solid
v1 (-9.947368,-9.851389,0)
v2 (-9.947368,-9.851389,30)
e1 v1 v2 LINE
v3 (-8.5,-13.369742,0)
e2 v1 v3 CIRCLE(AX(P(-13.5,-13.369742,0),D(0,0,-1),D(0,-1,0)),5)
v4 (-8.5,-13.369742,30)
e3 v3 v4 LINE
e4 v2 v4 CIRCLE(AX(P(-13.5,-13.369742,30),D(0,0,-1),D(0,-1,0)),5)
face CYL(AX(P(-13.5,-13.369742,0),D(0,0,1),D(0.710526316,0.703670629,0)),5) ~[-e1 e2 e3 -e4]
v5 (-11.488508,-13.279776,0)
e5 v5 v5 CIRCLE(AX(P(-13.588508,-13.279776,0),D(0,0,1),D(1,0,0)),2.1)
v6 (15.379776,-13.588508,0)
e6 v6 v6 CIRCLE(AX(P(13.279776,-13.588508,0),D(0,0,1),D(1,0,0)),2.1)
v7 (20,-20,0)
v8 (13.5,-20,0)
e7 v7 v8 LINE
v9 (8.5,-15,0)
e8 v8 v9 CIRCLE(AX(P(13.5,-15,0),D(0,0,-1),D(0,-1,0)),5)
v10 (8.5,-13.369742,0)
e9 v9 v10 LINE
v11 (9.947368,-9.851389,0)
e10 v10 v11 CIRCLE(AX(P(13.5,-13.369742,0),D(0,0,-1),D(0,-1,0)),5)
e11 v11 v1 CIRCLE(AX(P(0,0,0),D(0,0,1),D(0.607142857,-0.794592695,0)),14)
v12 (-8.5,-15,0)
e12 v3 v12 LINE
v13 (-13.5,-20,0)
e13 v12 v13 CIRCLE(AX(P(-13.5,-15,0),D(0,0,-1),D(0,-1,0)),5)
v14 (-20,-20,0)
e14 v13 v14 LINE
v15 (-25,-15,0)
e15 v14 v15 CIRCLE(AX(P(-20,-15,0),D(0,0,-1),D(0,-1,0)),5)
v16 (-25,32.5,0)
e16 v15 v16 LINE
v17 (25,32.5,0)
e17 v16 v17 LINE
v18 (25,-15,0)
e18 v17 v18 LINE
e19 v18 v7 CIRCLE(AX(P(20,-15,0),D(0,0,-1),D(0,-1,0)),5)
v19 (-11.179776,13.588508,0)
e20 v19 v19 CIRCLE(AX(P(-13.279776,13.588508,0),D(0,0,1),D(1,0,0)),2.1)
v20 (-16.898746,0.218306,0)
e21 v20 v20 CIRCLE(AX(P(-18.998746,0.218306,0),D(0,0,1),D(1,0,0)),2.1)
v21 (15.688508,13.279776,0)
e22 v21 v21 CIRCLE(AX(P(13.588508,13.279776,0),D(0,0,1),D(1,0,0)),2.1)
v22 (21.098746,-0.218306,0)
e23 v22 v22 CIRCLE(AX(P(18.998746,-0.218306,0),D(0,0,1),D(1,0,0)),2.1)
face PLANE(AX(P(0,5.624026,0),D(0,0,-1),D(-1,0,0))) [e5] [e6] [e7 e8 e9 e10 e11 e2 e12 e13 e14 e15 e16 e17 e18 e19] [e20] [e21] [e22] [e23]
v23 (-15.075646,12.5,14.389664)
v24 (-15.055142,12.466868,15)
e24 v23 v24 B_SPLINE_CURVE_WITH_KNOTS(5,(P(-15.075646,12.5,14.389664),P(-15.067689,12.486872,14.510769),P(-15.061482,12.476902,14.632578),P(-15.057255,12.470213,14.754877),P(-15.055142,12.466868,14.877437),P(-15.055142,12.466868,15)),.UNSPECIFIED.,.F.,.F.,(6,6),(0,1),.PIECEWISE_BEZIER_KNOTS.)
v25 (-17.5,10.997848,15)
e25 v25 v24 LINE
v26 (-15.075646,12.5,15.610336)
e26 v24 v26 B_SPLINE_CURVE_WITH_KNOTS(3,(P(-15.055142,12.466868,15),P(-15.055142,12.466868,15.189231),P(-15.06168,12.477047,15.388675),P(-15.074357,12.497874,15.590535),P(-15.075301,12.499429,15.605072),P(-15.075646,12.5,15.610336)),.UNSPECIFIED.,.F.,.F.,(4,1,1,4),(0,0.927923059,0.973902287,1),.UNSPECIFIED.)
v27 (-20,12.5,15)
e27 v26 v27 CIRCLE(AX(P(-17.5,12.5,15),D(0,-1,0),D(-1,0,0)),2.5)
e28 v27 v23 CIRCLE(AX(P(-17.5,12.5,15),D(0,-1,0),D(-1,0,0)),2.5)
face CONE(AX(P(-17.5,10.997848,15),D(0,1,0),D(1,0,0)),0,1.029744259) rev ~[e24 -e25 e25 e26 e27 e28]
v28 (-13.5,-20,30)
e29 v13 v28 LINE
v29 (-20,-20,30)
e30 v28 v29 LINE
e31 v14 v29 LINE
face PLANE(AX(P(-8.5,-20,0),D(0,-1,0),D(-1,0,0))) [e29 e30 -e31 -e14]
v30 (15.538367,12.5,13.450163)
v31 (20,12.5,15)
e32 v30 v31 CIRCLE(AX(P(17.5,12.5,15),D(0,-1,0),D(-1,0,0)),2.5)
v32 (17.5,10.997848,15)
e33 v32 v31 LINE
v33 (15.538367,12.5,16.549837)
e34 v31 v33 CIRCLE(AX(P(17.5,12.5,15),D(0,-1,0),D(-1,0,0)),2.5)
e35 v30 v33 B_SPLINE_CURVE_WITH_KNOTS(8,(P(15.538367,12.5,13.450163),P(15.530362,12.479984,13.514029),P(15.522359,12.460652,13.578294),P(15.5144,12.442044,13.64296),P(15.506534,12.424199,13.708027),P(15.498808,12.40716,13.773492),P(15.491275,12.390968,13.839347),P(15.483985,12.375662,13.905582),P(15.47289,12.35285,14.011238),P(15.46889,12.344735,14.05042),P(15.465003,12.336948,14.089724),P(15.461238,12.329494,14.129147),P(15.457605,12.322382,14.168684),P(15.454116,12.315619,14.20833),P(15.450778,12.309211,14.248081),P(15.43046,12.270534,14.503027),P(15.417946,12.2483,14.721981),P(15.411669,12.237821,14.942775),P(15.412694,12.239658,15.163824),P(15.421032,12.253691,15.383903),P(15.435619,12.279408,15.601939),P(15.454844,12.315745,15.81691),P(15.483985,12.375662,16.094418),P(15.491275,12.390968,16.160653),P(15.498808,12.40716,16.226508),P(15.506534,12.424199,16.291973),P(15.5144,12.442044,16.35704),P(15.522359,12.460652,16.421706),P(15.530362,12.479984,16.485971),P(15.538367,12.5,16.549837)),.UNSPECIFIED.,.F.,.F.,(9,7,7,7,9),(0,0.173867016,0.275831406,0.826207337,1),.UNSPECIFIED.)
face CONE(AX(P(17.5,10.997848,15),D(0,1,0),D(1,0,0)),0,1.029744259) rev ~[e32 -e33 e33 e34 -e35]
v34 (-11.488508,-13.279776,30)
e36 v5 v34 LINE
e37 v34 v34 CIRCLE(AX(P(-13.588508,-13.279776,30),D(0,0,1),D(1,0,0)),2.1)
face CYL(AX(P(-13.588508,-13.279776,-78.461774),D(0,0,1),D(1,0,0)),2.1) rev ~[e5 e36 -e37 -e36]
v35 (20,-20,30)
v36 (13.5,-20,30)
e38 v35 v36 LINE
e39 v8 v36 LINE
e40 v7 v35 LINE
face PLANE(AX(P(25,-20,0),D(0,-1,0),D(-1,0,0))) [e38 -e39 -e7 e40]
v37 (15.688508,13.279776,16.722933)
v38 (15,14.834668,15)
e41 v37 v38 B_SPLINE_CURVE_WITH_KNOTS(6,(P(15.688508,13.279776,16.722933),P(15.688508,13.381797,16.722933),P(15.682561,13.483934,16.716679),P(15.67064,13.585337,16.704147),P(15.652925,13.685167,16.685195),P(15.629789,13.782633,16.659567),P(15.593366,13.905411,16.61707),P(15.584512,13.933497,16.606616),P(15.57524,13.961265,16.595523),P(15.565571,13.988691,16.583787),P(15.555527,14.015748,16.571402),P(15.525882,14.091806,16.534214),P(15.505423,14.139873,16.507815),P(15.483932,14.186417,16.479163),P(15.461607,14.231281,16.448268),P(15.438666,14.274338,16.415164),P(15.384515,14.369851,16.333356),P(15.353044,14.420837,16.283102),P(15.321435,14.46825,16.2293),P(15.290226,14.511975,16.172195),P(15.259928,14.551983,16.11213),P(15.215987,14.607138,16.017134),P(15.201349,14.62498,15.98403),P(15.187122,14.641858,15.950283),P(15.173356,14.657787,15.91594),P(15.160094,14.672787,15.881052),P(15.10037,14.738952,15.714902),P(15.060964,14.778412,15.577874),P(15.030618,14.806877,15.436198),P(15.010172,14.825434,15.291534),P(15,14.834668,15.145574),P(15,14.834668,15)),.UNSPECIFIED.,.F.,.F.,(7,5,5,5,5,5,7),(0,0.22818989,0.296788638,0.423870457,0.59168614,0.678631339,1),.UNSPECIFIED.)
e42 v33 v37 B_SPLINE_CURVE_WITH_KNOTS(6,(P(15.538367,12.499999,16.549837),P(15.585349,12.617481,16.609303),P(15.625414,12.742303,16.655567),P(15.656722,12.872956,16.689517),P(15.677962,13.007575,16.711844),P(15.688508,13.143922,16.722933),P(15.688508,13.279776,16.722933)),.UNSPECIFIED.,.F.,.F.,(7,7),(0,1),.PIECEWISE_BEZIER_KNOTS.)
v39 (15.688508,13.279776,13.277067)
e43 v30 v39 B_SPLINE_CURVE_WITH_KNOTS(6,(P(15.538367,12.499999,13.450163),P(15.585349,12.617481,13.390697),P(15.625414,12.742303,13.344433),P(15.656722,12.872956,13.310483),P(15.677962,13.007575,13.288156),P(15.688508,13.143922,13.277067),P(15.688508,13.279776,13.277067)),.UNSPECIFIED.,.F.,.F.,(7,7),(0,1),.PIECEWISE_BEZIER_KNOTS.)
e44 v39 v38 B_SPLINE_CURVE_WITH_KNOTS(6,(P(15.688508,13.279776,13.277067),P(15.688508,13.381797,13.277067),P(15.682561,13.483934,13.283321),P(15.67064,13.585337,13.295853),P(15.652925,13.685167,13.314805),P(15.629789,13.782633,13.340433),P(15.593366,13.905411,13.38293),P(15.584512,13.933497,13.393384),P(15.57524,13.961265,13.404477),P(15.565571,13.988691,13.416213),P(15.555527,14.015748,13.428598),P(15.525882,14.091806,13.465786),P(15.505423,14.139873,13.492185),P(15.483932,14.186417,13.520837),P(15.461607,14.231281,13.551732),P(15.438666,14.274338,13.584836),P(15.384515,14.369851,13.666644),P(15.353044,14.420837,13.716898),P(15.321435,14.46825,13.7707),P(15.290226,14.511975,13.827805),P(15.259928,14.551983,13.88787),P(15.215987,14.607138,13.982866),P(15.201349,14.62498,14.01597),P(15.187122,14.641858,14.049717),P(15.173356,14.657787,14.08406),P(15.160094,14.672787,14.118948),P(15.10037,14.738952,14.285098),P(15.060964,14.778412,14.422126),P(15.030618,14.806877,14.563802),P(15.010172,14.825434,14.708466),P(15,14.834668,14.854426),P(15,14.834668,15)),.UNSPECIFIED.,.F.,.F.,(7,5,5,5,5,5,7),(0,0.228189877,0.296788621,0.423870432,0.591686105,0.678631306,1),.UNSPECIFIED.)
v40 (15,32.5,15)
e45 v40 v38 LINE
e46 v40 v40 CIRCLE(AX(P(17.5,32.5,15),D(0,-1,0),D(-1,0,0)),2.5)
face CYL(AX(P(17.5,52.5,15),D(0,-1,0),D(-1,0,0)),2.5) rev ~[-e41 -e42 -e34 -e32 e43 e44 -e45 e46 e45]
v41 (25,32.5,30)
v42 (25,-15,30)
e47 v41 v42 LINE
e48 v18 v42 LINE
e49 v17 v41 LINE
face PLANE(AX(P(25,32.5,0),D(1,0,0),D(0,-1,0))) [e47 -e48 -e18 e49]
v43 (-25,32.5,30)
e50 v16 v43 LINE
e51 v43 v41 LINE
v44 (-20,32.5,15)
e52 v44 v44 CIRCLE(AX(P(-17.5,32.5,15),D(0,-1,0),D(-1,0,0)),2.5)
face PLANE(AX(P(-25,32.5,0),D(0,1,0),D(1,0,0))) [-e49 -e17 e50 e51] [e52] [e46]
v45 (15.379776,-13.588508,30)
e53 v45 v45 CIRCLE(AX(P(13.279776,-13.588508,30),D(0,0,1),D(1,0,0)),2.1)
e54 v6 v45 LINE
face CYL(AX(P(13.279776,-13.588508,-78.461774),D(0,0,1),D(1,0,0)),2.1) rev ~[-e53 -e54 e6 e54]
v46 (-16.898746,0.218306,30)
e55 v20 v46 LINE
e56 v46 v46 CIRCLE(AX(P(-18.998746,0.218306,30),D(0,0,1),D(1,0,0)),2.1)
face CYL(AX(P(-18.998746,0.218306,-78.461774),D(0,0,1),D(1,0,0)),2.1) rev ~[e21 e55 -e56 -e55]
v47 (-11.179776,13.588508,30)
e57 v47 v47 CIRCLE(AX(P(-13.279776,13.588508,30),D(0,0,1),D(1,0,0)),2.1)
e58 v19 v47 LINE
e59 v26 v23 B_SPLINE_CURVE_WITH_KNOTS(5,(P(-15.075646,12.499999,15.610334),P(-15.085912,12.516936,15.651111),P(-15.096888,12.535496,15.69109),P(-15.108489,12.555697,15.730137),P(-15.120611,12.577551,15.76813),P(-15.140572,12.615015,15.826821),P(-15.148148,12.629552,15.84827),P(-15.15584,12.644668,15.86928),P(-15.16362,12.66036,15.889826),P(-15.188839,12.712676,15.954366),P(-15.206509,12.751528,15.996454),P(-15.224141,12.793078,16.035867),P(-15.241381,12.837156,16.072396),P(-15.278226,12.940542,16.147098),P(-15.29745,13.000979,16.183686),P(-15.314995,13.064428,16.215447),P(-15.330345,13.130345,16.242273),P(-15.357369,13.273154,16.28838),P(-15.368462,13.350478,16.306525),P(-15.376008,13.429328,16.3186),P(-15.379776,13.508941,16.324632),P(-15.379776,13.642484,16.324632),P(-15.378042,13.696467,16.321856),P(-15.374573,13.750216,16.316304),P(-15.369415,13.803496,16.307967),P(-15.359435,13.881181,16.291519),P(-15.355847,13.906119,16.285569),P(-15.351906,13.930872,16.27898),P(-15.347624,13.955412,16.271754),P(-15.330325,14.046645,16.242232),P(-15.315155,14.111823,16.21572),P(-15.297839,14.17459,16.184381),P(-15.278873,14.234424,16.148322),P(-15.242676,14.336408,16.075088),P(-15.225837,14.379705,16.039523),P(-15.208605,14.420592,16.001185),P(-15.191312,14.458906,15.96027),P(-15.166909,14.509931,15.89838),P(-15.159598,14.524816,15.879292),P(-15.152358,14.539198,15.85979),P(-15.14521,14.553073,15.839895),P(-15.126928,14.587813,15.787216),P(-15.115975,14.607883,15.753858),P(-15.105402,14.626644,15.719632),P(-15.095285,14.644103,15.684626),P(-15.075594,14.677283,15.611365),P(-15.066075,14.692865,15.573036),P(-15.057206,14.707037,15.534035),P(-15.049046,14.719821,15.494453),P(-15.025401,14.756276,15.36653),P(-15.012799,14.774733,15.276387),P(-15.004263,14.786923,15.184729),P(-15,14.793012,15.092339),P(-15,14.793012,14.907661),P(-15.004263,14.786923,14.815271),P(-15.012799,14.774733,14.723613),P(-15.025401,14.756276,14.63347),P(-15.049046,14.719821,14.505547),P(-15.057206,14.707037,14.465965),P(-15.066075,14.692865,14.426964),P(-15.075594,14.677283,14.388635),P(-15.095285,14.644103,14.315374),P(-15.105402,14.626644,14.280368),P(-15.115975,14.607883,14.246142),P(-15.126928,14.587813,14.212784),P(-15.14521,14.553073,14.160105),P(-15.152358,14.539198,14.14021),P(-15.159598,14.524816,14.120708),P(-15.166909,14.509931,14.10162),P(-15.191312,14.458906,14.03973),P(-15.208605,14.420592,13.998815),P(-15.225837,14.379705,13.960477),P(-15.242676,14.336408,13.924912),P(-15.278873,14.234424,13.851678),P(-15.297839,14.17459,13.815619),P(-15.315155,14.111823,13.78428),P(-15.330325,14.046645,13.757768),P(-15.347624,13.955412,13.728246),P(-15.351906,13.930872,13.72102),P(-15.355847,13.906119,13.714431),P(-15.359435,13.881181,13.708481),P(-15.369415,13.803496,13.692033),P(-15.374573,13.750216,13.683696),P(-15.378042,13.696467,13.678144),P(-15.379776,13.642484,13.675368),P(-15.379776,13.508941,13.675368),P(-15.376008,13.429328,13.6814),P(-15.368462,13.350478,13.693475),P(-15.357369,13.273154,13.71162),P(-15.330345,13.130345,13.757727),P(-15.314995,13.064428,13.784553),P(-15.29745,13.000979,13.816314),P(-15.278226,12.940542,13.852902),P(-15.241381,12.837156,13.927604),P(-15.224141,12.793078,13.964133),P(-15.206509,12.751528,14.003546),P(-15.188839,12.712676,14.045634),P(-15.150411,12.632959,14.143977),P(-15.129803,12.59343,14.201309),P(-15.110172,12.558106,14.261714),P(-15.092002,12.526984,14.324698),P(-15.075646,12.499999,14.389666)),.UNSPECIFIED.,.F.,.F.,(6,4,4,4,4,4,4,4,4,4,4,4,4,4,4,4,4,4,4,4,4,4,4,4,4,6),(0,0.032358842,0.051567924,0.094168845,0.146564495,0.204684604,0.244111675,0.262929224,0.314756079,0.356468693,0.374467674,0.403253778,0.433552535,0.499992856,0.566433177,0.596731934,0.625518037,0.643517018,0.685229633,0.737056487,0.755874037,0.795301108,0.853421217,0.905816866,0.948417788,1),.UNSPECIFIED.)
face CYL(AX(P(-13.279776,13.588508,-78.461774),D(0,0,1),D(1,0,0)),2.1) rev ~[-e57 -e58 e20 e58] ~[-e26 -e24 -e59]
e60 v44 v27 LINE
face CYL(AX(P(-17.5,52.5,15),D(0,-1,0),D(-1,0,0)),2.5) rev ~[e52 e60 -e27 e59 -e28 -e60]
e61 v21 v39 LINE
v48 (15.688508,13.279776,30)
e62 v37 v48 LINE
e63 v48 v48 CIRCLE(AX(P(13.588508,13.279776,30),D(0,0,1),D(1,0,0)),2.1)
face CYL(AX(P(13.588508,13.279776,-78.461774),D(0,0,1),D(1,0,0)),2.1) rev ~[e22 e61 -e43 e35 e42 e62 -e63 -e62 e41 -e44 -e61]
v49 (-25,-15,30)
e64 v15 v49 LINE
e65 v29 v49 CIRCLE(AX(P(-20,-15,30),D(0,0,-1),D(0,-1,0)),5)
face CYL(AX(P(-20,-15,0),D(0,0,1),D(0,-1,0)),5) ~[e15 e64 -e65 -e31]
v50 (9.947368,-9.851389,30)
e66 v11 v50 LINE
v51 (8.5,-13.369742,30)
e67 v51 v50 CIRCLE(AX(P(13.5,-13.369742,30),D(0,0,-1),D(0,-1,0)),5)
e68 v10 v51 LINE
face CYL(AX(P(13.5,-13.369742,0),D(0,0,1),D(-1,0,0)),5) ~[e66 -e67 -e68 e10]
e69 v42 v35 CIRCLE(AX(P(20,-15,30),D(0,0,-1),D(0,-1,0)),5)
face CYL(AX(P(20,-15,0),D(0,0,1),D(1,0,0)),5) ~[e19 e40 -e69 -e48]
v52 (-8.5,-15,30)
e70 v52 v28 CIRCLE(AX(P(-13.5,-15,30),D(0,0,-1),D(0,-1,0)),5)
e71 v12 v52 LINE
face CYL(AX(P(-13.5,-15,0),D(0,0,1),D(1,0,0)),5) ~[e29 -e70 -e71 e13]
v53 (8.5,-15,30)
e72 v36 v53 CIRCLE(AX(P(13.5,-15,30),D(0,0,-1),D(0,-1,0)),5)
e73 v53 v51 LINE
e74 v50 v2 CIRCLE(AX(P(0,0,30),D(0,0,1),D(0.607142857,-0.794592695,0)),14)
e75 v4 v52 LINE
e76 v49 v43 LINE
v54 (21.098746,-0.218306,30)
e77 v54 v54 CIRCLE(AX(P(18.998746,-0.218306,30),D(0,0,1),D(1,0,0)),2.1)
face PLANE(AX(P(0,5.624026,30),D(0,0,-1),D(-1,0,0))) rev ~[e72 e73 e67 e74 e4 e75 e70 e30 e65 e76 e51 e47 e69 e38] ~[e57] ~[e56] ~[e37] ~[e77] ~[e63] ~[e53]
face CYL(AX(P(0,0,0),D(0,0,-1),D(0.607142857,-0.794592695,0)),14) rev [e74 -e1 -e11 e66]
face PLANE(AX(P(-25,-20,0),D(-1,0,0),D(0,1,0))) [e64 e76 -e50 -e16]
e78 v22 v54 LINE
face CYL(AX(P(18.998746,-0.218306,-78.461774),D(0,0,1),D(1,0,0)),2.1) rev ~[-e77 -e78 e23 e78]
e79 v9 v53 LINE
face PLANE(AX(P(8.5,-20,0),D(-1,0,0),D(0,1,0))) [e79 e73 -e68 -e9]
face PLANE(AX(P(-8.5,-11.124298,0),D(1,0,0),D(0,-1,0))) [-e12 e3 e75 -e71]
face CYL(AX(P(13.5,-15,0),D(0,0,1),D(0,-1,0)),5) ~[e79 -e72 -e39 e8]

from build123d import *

# Parameters (mm, degrees)
EXTRUDE1_DEPTH        = 30
FILLET1_R             = 5
M5_TAPPED_HOLE1_D     = 4.2
M6_TAPPED_HOLE1_D     = 5
M6_TAPPED_HOLE1_DEPTH = 20
M6_TAPPED_HOLE1_TIP   = 1.502151548


with BuildPart() as part:
    # Sketch1 → Extrude1 (new body)
    with BuildSketch(Plane.XY):
        with BuildLine():
            Line((-25, 32.5), (25, 32.5))
            Line((25, 32.5), (25, -20))
            Line((25, -20), (8.5, -20))
            Line((8.5, -20), (8.5, -11.124297731))
            ThreePointArc((8.5, -11.124297731), (0, 14), (-8.5, -11.124297731))
            Line((-8.5, -11.124297731), (-8.5, -20))
            Line((-8.5, -20), (-25, -20))
            Line((-25, -20), (-25, 32.5))
        make_face()
    extrude(amount=EXTRUDE1_DEPTH)

    # Fillet1
    fillet1_edges = [part.edges().sort_by_distance(p)[0] for p in [
        (-8.5, -20, 15),
        (-25, -20, 15),
        (25, -20, 15),
        (8.5, -20, 15),
        (8.5, -11.124297731, 15),
        (-8.5, -11.124297731, 15),
    ]]
    fillet(fillet1_edges, radius=FILLET1_R)

    # M5 Tapped Hole1 (through all)
    with Locations(Plane(origin=(0, 0, 0), x_dir=(-1, 0, 0), z_dir=(0, 0, -1))):
        with Locations((-13.588507986, 13.279776004), (13.279776004, 13.588507986), (18.998745808, 0.218306478), (13.588507986, -13.279776004), (-13.279776004, -13.588507986), (-18.998745808, -0.218306478)):
            Hole(M5_TAPPED_HOLE1_D / 2)

    # M6 Tapped Hole1
    with Locations(Plane(origin=(0, 32.5, 0), x_dir=(1, 0, 0), z_dir=(0, 1, 0))):
        with Locations((-17.5, -15), (17.5, -15)):
            Hole(M6_TAPPED_HOLE1_D / 2, depth=M6_TAPPED_HOLE1_DEPTH)
            with Locations((0, 0, -(M6_TAPPED_HOLE1_DEPTH + M6_TAPPED_HOLE1_TIP / 2))):  # 118° drill point
                Cone(0, M6_TAPPED_HOLE1_D / 2, M6_TAPPED_HOLE1_TIP, mode=Mode.SUBTRACT)


solid = part.part
